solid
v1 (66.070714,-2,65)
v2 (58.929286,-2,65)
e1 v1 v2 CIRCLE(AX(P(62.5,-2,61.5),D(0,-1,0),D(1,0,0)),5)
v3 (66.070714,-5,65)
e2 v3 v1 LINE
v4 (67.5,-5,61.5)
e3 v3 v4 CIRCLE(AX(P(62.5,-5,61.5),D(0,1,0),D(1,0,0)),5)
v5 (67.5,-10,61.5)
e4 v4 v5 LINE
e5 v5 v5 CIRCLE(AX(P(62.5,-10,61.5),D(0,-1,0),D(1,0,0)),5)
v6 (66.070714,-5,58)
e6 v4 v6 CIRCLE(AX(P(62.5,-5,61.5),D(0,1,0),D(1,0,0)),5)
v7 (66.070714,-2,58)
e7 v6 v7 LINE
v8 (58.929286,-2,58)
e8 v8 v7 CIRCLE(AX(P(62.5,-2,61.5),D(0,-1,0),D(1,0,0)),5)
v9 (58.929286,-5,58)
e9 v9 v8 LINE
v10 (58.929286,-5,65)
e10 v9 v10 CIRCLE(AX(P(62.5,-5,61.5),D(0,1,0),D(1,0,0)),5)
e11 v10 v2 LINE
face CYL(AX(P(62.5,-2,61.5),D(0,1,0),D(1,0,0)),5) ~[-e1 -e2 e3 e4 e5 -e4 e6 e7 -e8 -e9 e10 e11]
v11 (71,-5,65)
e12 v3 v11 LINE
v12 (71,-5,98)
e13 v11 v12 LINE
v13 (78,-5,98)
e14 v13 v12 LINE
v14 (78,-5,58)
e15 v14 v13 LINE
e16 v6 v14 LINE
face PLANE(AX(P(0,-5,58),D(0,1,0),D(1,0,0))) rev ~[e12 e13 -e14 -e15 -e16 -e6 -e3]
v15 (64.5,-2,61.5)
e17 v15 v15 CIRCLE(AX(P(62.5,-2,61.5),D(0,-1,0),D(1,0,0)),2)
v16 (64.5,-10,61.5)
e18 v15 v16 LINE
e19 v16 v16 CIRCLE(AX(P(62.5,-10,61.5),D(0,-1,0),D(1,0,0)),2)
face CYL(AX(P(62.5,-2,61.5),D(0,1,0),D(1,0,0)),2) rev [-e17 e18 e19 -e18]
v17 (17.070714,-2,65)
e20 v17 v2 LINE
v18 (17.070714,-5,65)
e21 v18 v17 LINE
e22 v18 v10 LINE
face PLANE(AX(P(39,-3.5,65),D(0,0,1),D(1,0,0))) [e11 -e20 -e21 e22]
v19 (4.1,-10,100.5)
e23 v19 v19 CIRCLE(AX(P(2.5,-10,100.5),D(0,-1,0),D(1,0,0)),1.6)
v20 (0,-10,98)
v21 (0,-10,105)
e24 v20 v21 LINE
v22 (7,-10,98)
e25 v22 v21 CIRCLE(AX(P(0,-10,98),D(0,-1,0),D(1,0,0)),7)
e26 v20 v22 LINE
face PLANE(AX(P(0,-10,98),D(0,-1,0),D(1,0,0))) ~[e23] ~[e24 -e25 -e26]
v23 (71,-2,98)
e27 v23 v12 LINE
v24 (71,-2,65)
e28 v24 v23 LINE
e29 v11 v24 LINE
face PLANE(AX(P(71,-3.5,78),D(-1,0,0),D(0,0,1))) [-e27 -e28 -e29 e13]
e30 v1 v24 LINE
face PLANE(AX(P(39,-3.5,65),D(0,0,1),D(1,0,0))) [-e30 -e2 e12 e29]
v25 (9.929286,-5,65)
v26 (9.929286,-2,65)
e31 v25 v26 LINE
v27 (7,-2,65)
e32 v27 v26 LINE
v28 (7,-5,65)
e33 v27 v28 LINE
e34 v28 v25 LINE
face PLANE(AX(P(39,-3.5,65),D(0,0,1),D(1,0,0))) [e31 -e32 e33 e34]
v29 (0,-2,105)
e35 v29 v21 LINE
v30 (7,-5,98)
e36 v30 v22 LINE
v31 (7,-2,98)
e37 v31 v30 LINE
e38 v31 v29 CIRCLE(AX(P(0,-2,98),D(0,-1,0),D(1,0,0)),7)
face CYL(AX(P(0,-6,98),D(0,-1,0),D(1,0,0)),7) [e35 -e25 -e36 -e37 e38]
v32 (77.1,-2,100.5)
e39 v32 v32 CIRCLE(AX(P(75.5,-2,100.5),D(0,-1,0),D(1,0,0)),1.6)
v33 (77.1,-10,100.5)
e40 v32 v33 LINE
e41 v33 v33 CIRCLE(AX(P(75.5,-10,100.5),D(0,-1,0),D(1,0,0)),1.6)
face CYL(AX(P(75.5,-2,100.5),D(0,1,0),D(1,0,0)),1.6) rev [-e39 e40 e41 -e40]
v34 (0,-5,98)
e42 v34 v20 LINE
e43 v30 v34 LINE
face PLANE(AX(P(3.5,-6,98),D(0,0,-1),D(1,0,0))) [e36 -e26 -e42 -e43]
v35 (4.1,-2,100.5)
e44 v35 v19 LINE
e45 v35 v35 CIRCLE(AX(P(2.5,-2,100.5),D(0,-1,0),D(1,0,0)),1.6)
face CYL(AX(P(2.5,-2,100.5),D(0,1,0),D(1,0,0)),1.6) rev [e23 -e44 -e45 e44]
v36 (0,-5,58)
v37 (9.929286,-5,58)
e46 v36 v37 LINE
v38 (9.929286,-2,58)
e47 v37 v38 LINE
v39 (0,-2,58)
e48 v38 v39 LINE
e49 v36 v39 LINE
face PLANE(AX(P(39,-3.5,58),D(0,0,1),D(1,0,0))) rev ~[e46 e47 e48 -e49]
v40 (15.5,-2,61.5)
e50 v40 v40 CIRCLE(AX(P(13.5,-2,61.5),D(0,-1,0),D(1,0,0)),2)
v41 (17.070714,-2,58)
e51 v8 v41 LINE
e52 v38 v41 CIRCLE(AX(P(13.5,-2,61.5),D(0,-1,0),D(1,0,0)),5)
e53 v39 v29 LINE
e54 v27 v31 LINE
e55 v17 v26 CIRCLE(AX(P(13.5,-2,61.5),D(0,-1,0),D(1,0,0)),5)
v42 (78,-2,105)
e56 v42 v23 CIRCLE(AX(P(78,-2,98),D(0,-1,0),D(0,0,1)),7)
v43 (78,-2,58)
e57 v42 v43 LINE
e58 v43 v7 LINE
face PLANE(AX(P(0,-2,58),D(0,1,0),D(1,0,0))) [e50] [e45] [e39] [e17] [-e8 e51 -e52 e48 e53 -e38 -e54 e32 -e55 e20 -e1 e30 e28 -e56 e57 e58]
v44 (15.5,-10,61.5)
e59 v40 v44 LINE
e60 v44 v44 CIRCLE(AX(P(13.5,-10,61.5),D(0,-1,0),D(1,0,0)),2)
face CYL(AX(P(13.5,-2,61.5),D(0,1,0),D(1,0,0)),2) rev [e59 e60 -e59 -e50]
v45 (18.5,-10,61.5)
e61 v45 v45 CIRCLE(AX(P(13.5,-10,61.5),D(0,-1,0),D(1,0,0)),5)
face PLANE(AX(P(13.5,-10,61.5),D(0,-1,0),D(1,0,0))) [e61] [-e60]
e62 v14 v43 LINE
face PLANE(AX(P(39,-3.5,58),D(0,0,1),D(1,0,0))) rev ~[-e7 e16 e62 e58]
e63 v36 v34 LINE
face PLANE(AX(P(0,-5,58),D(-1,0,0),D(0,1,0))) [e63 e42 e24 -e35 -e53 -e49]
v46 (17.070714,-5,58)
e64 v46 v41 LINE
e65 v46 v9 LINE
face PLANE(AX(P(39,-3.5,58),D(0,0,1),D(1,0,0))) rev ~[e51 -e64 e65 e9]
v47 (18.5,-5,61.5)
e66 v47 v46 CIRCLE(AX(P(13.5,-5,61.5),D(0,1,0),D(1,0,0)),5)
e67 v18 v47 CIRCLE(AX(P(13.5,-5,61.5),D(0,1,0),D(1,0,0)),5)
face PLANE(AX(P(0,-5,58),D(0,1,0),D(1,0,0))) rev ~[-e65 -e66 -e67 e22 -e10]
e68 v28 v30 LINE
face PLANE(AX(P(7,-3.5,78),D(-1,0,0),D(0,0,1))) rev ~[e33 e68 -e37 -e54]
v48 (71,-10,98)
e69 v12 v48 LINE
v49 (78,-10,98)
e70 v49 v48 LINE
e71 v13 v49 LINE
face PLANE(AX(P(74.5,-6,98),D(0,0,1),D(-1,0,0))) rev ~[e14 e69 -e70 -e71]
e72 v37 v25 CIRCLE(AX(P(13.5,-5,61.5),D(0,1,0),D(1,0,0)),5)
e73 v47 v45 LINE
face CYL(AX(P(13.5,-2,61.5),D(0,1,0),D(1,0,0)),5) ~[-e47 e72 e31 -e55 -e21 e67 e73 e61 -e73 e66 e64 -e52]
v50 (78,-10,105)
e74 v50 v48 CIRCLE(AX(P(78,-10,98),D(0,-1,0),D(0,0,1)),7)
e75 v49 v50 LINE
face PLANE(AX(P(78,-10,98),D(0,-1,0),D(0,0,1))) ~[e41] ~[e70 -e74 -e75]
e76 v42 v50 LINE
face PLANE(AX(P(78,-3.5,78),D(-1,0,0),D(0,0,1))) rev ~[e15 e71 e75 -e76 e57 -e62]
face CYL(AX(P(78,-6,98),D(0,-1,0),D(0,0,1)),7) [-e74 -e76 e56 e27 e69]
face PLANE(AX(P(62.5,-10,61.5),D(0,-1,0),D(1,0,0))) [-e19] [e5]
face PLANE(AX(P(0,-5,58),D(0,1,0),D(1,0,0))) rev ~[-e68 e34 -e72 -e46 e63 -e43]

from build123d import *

# Parameters (mm, degrees)
CYLINDER032_R     = 2
CYLINDER032_DEPTH = 8
CYLINDER035_R     = 2
CYLINDER035_DEPTH = 8
CYLINDER038_R     = 1.6
CYLINDER038_DEPTH = 8
CYLINDER039_R     = 1.6
CYLINDER039_DEPTH = 8
CYLINDER037_W     = 7
CYLINDER037_H     = 8
CYLINDER037_ANGLE = 90
BOX025_W          = 78
BOX025_H          = 3
BOX025_DEPTH      = 7
BOX026_W          = 40
BOX026_H          = 3
BOX026_DEPTH      = 7
CYLINDER034_R     = 5
CYLINDER034_DEPTH = 8
CYLINDER031_R     = 5
CYLINDER031_DEPTH = 8
BOX027_W          = 40
BOX027_H          = 3
BOX027_DEPTH      = 7
CYLINDER036_W     = 7
CYLINDER036_H     = 8
CYLINDER036_ANGLE = 90


with BuildPart() as cuts:
    # Cylinder032 → Cylinder032 (new body)
    with BuildSketch(Plane(origin=(13.5, -2, 61.5), x_dir=(1, 0, 0), z_dir=(0, -1, 0))):
        Circle(CYLINDER032_R)
    extrude(amount=CYLINDER032_DEPTH)


with BuildPart() as cuts001:
    # Cylinder035 → Cylinder035 (new body)
    with BuildSketch(Plane(origin=(62.5, -2, 61.5), x_dir=(1, 0, 0), z_dir=(0, -1, 0))):
        Circle(CYLINDER035_R)
    extrude(amount=CYLINDER035_DEPTH)


with BuildPart() as m3screw:
    # Cylinder038 → Cylinder038 (new body)
    with BuildSketch(Plane(origin=(75.5, -2, 100.5), x_dir=(1, 0, 0), z_dir=(0, -1, 0))):
        Circle(CYLINDER038_R)
    extrude(amount=CYLINDER038_DEPTH)


with BuildPart() as c4oldcuts:
    # Cylinder039 → Cylinder039 (new body)
    with BuildSketch(Plane(origin=(2.5, -2, 100.5), x_dir=(1, 0, 0), z_dir=(0, -1, 0))):
        Circle(CYLINDER039_R)
    extrude(amount=CYLINDER039_DEPTH)

    # Fusion016: union cuts, cuts001, m3Screw
    add(cuts.part)
    add(cuts001.part)
    add(m3screw.part)


with BuildPart() as cylinder037:
    # Cylinder037 → Cylinder037 (revolve)
    with BuildSketch(Plane(origin=(0, -2, 98), x_dir=(1, 0, 0), z_dir=(0, 0, -1))):
        with Locations((3.5, 4)):
            Rectangle(CYLINDER037_W, CYLINDER037_H)
    revolve(axis=Axis((0, -2, 98), (0, -1, 0)), revolution_arc=CYLINDER037_ANGLE)


with BuildPart() as cube020:
    # Box025 → Box025 (new body)
    with BuildSketch(Plane(origin=(0, -5, 58), x_dir=(1, 0, 0), z_dir=(0, 0, 1))):
        with Locations((39, 1.5)):
            Rectangle(BOX025_W, BOX025_H)
    extrude(amount=BOX025_DEPTH)


with BuildPart() as cube021:
    # Box026 → Box026 (new body)
    with BuildSketch(Plane(origin=(7, -5, 58), x_dir=(0, 0, 1), z_dir=(-1, 0, 0))):
        with Locations((20, 1.5)):
            Rectangle(BOX026_W, BOX026_H)
    extrude(amount=BOX026_DEPTH)


with BuildPart() as cylinder034:
    # Cylinder034 → Cylinder034 (new body)
    with BuildSketch(Plane(origin=(62.5, -2, 61.5), x_dir=(1, 0, 0), z_dir=(0, -1, 0))):
        Circle(CYLINDER034_R)
    extrude(amount=CYLINDER034_DEPTH)


with BuildPart() as cylinder031:
    # Cylinder031 → Cylinder031 (new body)
    with BuildSketch(Plane(origin=(13.5, -2, 61.5), x_dir=(1, 0, 0), z_dir=(0, -1, 0))):
        Circle(CYLINDER031_R)
    extrude(amount=CYLINDER031_DEPTH)


with BuildPart() as fusion014:
    # Box027 → Box027 (new body)
    with BuildSketch(Plane(origin=(78, -5, 58), x_dir=(0, 0, 1), z_dir=(-1, 0, 0))):
        with Locations((20, 1.5)):
            Rectangle(BOX027_W, BOX027_H)
    extrude(amount=BOX027_DEPTH)

    # Fusion014: union Cube020, Cube021, Cylinder034, Cylinder031
    add(cube020.part)
    add(cube021.part)
    add(cylinder034.part)
    add(cylinder031.part)


with BuildPart() as c4hold001:
    # Cylinder036 → Cylinder036 (revolve)
    with BuildSketch(Plane(origin=(78, -2, 98), x_dir=(0, 0, 1), z_dir=(1, 0, 0))):
        with Locations((3.5, 4)):
            Rectangle(CYLINDER036_W, CYLINDER036_H)
    revolve(axis=Axis((78, -2, 98), (0, -1, 0)), revolution_arc=CYLINDER036_ANGLE)

    # Fusion015: union Cylinder037, Fusion014
    add(cylinder037.part)
    add(fusion014.part)

    # Cut024: cut c4oldCuts
    add(c4oldcuts.part, mode=Mode.SUBTRACT)


solid = c4hold001.part
